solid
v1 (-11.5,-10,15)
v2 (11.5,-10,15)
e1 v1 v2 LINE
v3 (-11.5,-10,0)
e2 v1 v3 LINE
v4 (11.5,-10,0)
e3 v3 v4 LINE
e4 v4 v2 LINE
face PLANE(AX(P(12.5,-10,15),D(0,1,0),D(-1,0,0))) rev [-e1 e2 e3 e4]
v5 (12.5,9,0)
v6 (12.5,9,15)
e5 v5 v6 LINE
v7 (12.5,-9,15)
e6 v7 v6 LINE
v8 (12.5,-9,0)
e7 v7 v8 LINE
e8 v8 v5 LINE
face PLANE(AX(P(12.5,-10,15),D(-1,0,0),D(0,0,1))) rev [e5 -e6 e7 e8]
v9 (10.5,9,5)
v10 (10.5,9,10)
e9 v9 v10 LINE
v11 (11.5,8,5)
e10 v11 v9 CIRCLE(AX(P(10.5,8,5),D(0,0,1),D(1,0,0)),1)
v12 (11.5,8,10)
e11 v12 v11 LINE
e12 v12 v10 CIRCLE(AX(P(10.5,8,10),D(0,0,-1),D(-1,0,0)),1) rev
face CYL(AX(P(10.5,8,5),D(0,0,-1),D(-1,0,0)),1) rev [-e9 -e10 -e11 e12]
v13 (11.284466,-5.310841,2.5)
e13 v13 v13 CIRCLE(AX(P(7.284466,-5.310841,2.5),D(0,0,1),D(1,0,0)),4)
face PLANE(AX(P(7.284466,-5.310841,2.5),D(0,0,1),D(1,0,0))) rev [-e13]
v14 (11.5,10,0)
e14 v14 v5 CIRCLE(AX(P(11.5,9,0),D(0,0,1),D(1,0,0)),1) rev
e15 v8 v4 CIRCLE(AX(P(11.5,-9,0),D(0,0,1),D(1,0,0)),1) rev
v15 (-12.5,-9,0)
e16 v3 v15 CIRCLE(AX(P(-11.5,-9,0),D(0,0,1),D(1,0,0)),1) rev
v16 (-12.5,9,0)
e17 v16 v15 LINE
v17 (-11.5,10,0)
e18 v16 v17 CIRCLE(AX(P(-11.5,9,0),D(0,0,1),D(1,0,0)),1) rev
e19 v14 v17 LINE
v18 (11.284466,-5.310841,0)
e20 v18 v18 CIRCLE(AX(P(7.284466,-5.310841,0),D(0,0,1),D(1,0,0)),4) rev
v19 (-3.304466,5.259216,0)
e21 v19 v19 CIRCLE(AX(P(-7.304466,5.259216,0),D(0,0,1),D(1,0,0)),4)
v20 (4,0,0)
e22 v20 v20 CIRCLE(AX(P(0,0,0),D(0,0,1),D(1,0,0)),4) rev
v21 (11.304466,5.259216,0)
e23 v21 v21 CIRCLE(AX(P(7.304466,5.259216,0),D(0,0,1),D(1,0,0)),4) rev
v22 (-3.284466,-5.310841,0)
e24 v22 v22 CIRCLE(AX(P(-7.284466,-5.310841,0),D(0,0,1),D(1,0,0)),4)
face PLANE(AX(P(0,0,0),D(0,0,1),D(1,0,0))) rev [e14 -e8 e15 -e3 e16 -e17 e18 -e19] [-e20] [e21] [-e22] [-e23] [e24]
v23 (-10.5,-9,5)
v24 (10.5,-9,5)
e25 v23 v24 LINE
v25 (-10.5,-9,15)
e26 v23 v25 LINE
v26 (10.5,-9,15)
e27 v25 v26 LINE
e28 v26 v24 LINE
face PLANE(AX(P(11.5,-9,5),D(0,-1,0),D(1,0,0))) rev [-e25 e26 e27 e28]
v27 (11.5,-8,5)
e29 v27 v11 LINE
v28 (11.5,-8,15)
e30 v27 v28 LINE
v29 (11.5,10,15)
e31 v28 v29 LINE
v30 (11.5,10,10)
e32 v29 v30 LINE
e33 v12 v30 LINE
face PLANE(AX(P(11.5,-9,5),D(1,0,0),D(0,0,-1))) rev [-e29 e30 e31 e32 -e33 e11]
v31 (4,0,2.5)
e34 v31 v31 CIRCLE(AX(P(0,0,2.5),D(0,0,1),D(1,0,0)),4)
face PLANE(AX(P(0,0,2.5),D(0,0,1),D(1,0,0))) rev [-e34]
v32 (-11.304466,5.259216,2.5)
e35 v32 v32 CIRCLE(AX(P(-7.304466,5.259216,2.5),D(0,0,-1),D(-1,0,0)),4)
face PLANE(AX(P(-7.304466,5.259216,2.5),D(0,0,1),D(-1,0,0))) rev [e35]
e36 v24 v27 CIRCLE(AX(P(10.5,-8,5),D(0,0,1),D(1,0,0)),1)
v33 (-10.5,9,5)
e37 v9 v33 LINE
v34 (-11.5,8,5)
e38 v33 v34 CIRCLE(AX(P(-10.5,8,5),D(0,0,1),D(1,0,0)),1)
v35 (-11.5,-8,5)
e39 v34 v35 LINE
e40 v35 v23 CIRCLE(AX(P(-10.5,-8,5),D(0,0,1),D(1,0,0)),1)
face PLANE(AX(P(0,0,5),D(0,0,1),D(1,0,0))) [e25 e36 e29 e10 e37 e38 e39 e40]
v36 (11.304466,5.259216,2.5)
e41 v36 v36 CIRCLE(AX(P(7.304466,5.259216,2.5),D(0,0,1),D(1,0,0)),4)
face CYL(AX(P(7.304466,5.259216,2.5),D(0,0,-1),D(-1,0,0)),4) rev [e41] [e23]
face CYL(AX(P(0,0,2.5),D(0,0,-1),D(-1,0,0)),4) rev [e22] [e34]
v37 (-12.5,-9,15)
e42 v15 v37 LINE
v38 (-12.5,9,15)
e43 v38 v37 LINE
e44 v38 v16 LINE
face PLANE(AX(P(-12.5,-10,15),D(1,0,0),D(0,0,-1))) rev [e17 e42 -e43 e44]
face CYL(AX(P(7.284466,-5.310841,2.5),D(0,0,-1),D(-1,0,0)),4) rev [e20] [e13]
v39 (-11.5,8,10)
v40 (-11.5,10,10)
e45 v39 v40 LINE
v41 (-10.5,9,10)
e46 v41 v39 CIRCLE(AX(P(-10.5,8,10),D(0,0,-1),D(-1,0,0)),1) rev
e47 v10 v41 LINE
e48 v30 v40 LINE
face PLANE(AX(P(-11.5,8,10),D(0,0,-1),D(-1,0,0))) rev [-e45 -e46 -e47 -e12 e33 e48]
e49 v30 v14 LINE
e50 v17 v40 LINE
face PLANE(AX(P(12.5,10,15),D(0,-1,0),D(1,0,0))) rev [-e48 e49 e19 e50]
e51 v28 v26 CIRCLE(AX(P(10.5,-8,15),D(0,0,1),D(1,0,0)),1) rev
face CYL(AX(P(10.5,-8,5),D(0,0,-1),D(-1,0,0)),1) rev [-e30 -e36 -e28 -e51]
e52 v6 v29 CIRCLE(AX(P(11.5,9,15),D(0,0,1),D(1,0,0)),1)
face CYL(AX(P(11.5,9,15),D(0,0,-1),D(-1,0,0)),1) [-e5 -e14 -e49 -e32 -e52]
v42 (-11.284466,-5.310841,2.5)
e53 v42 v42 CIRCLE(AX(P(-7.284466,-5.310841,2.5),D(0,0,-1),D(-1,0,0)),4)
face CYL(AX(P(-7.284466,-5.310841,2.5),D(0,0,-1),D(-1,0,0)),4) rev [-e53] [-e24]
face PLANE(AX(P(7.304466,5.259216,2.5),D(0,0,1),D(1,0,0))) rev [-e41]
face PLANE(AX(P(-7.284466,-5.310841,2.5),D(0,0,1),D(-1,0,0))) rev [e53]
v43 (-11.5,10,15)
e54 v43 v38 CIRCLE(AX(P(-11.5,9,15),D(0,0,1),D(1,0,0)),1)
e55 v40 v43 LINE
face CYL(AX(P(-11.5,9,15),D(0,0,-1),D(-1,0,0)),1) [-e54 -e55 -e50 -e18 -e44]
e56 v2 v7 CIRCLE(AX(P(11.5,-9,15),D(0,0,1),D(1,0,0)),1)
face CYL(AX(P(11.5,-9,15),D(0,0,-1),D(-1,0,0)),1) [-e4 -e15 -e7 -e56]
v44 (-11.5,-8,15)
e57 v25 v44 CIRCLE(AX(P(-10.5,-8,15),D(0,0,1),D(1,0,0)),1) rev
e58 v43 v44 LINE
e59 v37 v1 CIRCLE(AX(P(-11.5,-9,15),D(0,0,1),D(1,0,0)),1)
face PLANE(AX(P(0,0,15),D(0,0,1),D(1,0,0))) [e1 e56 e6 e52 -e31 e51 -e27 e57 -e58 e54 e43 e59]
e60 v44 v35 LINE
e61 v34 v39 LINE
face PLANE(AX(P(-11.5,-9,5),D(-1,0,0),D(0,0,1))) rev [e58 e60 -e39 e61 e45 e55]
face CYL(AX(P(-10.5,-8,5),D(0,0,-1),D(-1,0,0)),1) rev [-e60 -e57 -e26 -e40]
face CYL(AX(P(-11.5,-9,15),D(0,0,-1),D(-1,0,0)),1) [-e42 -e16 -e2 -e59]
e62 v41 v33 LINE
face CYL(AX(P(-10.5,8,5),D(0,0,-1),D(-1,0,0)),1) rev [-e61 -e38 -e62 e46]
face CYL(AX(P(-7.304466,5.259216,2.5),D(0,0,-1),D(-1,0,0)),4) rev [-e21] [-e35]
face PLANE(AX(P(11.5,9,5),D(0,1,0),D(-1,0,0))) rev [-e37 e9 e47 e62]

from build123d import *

# Parameters (mm, degrees)
ESBO_O1_W                = 25
ESBO_O1_H                = 20
RESSALTO_EXTRUS_O1_DEPTH = 15
FILETE1_R                = 1
ESBO_O2_W                = 23
ESBO_O2_H                = 18
CORTE_EXTRUS_O1_DEPTH    = 10
FILETE2_R                = 1
CORTE_EXTRUS_O6_START    = -1
ESBO_O6_R                = 4
CORTE_EXTRUS_O6_DEPTH    = 3.5
ESBO_O7_W                = 23
ESBO_O7_H                = 5
CORTE_EXTRUS_O7_DEPTH    = 2


with BuildPart() as part:
    # Esboço1 → Ressalto-extrusão1 (new body)
    with BuildSketch(Plane.XY):
        Rectangle(ESBO_O1_W, ESBO_O1_H)
    extrude(amount=RESSALTO_EXTRUS_O1_DEPTH)

    # Filete1
    filete1_edges = [part.edges().sort_by_distance(p)[0] for p in [
        (-12.5, 10, 7.5),
        (12.5, 10, 7.5),
        (12.5, -10, 7.5),
        (-12.5, -10, 7.5),
    ]]
    fillet(filete1_edges, radius=FILETE1_R)

    # Esboço2 → Corte-extrusão1 (cut)
    with BuildSketch(Plane.XY.offset(15)):
        Rectangle(ESBO_O2_W, ESBO_O2_H)
    extrude(amount=-CORTE_EXTRUS_O1_DEPTH, mode=Mode.SUBTRACT)

    # Filete2
    filete2_edges = [part.edges().sort_by_distance(p)[0] for p in [
        (-11.5, -9, 10),
        (-11.5, 9, 10),
        (11.5, 9, 10),
        (11.5, -9, 10),
    ]]
    fillet(filete2_edges, radius=FILETE2_R)

    # Esboço6 → Corte-extrusão6 (cut)
    with BuildSketch(Plane.XY.offset(CORTE_EXTRUS_O6_START)):
        Circle(ESBO_O6_R)
        with Locations((7.304465977, 5.259215503)):
            Circle(ESBO_O6_R)
        with Locations((7.284465974, -5.310841468)):
            Circle(ESBO_O6_R)
    corte_extrus_o6 = extrude(amount=CORTE_EXTRUS_O6_DEPTH, mode=Mode.SUBTRACT)

    # Espelhar1: Corte-extrusão6 across plane
    add(corte_extrus_o6.mirror(Plane(origin=(0, 0, 0), x_dir=(0, 0, 1), z_dir=(1, 0, 0))), mode=Mode.SUBTRACT)

    # Esboço7 → Corte-extrusão7 (cut)
    with BuildSketch(Plane(origin=(0, 10, 0), x_dir=(1, 0, 0), z_dir=(0, 1, 0))):
        with Locations((0, -12.5)):
            Rectangle(ESBO_O7_W, ESBO_O7_H)
    extrude(amount=-CORTE_EXTRUS_O7_DEPTH, mode=Mode.SUBTRACT)


solid = part.part
